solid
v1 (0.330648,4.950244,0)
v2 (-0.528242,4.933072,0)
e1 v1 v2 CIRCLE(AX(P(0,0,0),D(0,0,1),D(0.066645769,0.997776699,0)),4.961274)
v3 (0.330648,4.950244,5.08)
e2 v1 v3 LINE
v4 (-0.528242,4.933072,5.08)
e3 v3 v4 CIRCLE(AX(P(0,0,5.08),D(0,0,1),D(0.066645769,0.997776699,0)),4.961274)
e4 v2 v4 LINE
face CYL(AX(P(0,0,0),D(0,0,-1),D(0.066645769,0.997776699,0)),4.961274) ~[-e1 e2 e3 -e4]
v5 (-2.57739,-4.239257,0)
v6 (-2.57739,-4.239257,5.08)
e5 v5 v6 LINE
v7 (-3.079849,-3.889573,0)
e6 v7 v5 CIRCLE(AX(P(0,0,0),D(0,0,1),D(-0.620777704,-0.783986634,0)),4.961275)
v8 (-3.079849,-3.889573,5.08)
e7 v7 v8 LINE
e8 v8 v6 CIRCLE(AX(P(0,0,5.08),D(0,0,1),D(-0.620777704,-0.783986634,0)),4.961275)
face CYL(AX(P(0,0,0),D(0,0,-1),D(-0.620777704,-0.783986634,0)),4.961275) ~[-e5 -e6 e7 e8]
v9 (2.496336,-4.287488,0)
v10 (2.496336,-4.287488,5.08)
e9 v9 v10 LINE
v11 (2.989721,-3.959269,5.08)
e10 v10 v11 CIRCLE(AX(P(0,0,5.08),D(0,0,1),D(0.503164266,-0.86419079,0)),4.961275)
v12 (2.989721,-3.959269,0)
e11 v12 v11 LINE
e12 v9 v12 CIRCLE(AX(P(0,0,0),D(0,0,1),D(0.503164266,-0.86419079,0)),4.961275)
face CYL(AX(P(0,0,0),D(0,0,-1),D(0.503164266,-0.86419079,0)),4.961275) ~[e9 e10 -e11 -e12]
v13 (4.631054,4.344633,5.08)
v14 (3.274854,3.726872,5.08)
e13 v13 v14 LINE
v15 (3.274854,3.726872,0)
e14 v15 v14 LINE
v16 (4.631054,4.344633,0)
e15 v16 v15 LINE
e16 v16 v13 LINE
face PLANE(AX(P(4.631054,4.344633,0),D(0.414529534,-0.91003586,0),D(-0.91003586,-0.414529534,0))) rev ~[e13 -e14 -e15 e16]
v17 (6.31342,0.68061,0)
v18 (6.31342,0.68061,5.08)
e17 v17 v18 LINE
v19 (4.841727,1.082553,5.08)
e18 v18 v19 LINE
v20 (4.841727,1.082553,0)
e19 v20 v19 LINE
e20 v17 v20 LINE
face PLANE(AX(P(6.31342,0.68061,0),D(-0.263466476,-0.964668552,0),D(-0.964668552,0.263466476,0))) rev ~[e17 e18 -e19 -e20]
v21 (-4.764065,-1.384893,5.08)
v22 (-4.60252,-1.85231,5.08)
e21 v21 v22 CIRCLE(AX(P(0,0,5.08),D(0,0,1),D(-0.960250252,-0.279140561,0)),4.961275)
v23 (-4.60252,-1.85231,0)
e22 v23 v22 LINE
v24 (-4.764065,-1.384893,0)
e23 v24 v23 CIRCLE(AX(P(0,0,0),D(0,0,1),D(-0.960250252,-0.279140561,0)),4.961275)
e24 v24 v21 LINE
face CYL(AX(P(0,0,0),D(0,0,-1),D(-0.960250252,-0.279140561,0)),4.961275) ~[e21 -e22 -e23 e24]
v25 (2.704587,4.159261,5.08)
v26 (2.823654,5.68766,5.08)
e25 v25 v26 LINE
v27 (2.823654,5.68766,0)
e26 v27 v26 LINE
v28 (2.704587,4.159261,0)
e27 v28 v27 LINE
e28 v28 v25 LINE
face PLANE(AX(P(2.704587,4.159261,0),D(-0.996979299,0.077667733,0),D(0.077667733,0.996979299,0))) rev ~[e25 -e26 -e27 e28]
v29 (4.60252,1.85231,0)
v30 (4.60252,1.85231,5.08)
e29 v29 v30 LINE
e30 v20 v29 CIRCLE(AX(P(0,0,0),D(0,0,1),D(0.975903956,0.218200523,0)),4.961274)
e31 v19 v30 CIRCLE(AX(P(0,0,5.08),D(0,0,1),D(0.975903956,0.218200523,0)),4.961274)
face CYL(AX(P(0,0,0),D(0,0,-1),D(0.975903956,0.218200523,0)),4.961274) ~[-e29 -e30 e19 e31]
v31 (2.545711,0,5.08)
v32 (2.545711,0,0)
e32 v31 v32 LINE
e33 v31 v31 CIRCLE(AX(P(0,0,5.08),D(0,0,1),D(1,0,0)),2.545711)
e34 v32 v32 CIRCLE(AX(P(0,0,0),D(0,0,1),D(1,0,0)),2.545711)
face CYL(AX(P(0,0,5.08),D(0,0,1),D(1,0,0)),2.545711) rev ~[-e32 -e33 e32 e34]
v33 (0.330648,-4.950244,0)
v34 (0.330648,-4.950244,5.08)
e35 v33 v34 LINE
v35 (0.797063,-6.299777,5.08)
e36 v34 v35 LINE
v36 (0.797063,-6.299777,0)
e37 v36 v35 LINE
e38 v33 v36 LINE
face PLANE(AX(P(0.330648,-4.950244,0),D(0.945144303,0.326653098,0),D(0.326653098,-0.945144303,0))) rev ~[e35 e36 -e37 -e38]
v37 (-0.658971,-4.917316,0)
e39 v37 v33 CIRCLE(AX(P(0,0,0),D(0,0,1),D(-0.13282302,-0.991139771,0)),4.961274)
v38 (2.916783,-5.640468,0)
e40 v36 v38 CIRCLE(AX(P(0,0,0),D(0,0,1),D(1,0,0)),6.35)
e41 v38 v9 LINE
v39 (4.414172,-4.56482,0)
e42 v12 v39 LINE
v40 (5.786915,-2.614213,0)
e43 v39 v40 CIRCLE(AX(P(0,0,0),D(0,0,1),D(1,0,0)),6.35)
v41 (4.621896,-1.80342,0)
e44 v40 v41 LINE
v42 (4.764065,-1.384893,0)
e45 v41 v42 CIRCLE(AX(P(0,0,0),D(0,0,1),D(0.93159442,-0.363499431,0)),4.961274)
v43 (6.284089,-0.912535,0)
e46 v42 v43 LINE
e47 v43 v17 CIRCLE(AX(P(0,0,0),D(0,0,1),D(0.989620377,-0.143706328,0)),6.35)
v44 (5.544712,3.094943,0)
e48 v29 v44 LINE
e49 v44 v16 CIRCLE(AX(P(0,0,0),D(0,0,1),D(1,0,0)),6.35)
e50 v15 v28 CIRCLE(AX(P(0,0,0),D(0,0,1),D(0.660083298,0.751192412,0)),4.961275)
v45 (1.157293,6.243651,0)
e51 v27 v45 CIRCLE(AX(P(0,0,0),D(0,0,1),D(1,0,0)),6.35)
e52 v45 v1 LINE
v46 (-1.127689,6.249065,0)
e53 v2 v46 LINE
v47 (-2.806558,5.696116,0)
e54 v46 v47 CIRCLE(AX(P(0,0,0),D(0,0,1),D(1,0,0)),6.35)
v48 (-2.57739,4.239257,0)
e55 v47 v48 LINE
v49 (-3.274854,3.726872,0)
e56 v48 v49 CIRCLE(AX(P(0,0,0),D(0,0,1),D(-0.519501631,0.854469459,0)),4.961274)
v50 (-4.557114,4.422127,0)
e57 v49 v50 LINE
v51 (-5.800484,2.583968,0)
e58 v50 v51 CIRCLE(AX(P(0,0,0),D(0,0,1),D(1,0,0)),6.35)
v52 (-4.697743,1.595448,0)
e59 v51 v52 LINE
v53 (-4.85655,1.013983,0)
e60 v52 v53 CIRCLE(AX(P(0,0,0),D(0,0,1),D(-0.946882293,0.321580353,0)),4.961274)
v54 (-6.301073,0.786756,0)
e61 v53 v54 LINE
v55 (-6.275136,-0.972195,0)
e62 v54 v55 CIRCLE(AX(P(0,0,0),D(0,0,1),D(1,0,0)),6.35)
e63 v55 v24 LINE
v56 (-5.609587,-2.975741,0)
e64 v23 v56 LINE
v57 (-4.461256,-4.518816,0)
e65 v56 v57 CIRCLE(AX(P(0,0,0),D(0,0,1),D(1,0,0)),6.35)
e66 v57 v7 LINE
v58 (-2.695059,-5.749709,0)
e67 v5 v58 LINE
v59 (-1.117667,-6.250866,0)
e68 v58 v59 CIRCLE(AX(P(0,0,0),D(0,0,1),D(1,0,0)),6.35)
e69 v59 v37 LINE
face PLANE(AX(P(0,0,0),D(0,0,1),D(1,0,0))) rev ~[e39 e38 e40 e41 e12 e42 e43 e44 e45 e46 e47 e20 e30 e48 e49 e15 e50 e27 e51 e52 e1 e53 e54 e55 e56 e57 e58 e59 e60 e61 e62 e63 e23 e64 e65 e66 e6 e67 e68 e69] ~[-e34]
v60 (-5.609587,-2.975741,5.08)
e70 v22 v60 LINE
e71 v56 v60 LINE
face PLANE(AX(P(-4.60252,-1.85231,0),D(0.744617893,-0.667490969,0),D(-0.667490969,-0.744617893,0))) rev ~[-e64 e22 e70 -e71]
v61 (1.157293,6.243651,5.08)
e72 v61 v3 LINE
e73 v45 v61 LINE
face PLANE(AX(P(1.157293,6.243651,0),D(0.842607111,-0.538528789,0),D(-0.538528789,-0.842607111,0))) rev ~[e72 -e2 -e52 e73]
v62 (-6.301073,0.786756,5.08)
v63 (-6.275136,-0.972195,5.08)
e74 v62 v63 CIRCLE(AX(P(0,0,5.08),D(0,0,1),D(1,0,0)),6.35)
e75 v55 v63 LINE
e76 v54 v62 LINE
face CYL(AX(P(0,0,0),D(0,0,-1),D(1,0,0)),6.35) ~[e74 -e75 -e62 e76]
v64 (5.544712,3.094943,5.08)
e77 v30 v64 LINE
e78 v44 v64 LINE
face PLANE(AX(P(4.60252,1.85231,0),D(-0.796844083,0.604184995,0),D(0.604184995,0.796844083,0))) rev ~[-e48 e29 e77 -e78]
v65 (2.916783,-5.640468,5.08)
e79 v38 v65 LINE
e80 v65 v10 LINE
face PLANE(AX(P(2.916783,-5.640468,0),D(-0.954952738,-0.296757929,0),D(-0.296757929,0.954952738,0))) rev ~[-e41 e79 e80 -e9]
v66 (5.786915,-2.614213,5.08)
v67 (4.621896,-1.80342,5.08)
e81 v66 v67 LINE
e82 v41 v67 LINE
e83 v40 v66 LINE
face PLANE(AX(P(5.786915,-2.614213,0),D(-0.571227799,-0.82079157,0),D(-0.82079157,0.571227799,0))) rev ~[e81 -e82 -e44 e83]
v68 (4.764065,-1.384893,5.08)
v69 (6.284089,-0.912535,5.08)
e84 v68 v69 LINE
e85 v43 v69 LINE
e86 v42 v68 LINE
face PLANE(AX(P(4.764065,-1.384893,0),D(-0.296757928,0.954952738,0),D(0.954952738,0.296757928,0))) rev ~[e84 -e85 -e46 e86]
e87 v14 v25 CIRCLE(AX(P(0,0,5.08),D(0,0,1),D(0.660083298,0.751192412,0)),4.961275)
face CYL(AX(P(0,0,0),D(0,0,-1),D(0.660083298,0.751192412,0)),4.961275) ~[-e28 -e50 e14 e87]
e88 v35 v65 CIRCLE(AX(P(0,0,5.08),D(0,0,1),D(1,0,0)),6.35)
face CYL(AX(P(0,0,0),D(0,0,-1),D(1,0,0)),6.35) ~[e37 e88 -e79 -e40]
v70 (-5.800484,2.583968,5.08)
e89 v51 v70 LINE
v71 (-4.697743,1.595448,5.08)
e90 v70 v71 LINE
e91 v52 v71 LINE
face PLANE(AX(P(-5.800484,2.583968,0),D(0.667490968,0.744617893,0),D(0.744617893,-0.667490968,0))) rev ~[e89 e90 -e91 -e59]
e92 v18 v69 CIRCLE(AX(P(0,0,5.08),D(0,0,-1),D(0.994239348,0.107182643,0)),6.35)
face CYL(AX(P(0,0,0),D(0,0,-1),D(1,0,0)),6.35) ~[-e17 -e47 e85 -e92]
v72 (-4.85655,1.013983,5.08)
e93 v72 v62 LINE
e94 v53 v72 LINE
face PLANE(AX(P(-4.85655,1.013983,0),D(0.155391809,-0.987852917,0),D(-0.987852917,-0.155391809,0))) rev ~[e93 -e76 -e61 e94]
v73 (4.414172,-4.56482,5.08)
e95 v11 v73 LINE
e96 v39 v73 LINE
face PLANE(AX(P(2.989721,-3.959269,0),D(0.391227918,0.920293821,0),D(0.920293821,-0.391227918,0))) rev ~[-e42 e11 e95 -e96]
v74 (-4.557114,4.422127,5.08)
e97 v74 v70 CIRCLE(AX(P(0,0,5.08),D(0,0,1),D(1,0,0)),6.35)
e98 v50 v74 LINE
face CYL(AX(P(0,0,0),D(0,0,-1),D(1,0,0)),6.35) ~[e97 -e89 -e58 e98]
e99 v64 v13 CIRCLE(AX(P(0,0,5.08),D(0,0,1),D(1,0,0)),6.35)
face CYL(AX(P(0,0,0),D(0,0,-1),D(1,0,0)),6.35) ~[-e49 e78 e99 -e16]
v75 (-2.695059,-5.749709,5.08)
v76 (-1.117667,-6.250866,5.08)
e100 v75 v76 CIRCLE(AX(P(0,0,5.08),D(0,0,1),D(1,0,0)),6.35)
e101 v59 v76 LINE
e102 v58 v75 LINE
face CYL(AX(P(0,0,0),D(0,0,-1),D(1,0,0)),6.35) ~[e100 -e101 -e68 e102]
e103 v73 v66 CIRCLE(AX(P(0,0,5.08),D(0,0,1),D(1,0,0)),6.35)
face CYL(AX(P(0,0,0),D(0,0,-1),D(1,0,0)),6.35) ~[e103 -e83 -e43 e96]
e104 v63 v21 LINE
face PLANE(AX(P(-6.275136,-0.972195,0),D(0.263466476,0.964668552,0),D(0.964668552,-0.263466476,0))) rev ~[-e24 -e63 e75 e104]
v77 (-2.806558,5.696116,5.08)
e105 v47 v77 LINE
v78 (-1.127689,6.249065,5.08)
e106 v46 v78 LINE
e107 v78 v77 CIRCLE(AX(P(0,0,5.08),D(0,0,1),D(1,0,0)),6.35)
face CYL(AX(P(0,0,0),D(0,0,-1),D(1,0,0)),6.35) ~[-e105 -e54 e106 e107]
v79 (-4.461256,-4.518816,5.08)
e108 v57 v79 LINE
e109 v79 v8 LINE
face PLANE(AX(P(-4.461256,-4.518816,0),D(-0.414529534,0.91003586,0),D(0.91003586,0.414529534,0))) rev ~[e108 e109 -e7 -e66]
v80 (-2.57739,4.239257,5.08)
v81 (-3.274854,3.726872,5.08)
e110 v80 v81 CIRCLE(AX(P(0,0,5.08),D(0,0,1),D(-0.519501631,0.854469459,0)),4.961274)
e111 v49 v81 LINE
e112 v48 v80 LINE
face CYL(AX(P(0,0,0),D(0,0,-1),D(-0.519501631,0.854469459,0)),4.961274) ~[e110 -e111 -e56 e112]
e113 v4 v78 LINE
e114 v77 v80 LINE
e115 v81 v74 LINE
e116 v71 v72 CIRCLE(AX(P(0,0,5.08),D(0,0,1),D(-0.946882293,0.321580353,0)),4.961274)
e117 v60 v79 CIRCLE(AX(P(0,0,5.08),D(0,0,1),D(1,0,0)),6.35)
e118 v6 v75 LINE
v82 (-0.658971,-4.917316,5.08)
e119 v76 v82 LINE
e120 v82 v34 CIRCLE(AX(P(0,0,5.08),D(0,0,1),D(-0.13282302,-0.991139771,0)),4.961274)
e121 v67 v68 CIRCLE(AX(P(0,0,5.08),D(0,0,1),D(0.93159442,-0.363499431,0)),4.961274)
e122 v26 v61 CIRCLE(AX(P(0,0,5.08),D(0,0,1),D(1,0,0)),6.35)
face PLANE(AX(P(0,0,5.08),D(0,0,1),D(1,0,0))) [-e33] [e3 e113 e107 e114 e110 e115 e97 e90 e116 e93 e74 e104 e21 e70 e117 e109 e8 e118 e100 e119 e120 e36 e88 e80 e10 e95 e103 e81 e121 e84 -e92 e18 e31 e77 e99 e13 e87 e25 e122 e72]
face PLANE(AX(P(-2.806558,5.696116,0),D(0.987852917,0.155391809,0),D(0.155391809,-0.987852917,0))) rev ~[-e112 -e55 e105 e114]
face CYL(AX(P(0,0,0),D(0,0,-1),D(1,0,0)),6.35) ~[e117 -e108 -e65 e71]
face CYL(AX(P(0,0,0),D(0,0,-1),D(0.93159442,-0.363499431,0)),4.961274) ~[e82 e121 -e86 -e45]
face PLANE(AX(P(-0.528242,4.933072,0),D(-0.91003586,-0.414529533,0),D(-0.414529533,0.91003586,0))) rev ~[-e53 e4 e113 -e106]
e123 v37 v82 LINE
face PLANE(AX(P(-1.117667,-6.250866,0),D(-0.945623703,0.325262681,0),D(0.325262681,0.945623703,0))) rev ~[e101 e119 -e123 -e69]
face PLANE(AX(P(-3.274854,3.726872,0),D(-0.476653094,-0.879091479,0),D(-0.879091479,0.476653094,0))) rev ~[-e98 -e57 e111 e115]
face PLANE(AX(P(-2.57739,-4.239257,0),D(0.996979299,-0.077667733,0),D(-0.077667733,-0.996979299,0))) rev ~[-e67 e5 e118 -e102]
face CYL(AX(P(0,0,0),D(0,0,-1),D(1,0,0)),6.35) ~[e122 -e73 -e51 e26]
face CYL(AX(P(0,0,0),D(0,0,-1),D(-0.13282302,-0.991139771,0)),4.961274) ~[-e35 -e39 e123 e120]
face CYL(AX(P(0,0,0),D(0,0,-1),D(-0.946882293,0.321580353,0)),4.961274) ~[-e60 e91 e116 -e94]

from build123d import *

# Parameters (mm, degrees)
SKETCH1_R           = 6.35
BOSS_EXTRUDE1_DEPTH = 5.08
SKETCH2_R           = 2.545711461
CUT_EXTRUDE1_DEPTH  = 5.08
CUT_EXTRUDE4_DEPTH  = 5.08


with BuildPart() as part:
    # Sketch1 → Boss-Extrude1 (new body)
    with BuildSketch(Plane.XY):
        Circle(SKETCH1_R)
    extrude(amount=BOSS_EXTRUDE1_DEPTH)

    # Sketch2 → Cut-Extrude1 (cut)
    with BuildSketch(Plane.XY.offset(5.08)):
        Circle(SKETCH2_R)
    extrude(amount=-CUT_EXTRUDE1_DEPTH, mode=Mode.SUBTRACT)

    # Sketch6 → Cut-Extrude4 (cut)
    with BuildSketch(Plane(origin=(0, 0, 0), x_dir=(-1, 0, 0), z_dir=(0, 0, -1))):
        with BuildLine():
            Line((-6.313419859, 0.680609785), (-4.841727293, 1.082552663))
            ThreePointArc((-4.841727293, 1.082552663), (-4.737782551, 1.472297507), (-4.602520026, 1.852310143))
            Line((-4.602520026, 1.852310143), (-5.544711841, 3.094942746))
            ThreePointArc((-5.544711841, 3.094942746), (-6.050708452, 1.926506484), (-6.313419859, 0.680609785))
        make_face()
        with BuildLine():
            ThreePointArc((-4.621895526, -1.803420416), (-4.697643554, -1.595740734), (-4.764064977, -1.384892901))
            Line((-4.764064977, -1.384892901), (-6.284089397, -0.912535181))
            ThreePointArc((-6.284089397, -0.912535181), (-6.095179755, -1.780809857), (-5.786915427, -2.614213043))
            Line((-5.786915427, -2.614213043), (-4.621895526, -1.803420416))
        make_face()
        with BuildLine():
            ThreePointArc((-2.49633596, -4.287487636), (-2.747933203, -4.130751331), (-2.989720929, -3.959269152))
            Line((-2.989720929, -3.959269152), (-4.414172057, -4.564820375))
            ThreePointArc((-4.414172057, -4.564820375), (-3.704724213, -5.157278207), (-2.916783485, -5.640467543))
            Line((-2.916783485, -5.640467543), (-2.49633596, -4.287487636))
        make_face()
        with BuildLine():
            ThreePointArc((0.658971441, -4.91731635), (0.164985262, -4.958530358), (-0.330647946, -4.950243972))
            Line((-0.330647946, -4.950243972), (-0.797062617, -6.299777074))
            ThreePointArc((-0.797062617, -6.299777074), (0.162157154, -6.347929194), (1.117667403, -6.250865506))
            Line((1.117667403, -6.250865506), (0.658971441, -4.91731635))
        make_face()
        with BuildLine():
            ThreePointArc((3.079848524, -3.889572794), (2.834017843, -4.072172186), (2.577390132, -4.23925743))
            Line((2.577390132, -4.23925743), (2.695058949, -5.74970932))
            ThreePointArc((2.695058949, -5.74970932), (3.630700167, -5.209656063), (4.461255519, -4.518816127))
            Line((4.461255519, -4.518816127), (3.079848524, -3.889572794))
        make_face()
        with BuildLine():
            ThreePointArc((4.764064977, -1.384892901), (4.689120213, -1.620615648), (4.602520026, -1.852310143))
            Line((4.602520026, -1.852310143), (5.609586886, -2.975741079))
            ThreePointArc((5.609586886, -2.975741079), (6.026210342, -2.001821398), (6.2751364, -0.972195025))
            Line((6.2751364, -0.972195025), (4.764064977, -1.384892901))
        make_face()
        with BuildLine():
            ThreePointArc((4.697742855, 1.595448377), (4.785985372, 1.307129477), (4.856550498, 1.013982598))
            Line((4.856550498, 1.013982598), (6.301072583, 0.786755552))
            ThreePointArc((6.301072583, 0.786755552), (6.117140529, 1.703846165), (5.800483524, 2.583968051))
            Line((5.800483524, 2.583968051), (4.697742855, 1.595448377))
        make_face()
        with BuildLine():
            Line((-4.631054346, 4.34463297), (-3.274854363, 3.726871658))
            ThreePointArc((-3.274854363, 3.726871658), (-2.997527533, 3.953362131), (-2.704587495, 4.159260744))
            Line((-2.704587495, 4.159260744), (-2.823654461, 5.68765993))
            ThreePointArc((-2.823654461, 5.68765993), (-3.787360718, 5.096900901), (-4.631054346, 4.34463297))
        make_face()
        with BuildLine():
            Line((-1.15729269, 6.243650665), (-0.330647946, 4.950243972))
            ThreePointArc((-0.330647946, 4.950243972), (0.099169547, 4.960283142), (0.528242314, 4.933072421))
            Line((0.528242314, 4.933072421), (1.127688946, 6.249065341))
            ThreePointArc((1.127688946, 6.249065341), (-0.015047428, 6.349982171), (-1.15729269, 6.243650665))
        make_face()
        with BuildLine():
            Line((2.80655769, 5.696115688), (2.577390132, 4.23925743))
            ThreePointArc((2.577390132, 4.23925743), (2.937316156, 3.998301796), (3.274854363, 3.726871658))
            Line((3.274854363, 3.726871658), (4.557114361, 4.422127169))
            ThreePointArc((4.557114361, 4.422127169), (3.736532912, 5.134279092), (2.80655769, 5.696115688))
        make_face()
    extrude(amount=-CUT_EXTRUDE4_DEPTH, mode=Mode.SUBTRACT)


solid = part.part
